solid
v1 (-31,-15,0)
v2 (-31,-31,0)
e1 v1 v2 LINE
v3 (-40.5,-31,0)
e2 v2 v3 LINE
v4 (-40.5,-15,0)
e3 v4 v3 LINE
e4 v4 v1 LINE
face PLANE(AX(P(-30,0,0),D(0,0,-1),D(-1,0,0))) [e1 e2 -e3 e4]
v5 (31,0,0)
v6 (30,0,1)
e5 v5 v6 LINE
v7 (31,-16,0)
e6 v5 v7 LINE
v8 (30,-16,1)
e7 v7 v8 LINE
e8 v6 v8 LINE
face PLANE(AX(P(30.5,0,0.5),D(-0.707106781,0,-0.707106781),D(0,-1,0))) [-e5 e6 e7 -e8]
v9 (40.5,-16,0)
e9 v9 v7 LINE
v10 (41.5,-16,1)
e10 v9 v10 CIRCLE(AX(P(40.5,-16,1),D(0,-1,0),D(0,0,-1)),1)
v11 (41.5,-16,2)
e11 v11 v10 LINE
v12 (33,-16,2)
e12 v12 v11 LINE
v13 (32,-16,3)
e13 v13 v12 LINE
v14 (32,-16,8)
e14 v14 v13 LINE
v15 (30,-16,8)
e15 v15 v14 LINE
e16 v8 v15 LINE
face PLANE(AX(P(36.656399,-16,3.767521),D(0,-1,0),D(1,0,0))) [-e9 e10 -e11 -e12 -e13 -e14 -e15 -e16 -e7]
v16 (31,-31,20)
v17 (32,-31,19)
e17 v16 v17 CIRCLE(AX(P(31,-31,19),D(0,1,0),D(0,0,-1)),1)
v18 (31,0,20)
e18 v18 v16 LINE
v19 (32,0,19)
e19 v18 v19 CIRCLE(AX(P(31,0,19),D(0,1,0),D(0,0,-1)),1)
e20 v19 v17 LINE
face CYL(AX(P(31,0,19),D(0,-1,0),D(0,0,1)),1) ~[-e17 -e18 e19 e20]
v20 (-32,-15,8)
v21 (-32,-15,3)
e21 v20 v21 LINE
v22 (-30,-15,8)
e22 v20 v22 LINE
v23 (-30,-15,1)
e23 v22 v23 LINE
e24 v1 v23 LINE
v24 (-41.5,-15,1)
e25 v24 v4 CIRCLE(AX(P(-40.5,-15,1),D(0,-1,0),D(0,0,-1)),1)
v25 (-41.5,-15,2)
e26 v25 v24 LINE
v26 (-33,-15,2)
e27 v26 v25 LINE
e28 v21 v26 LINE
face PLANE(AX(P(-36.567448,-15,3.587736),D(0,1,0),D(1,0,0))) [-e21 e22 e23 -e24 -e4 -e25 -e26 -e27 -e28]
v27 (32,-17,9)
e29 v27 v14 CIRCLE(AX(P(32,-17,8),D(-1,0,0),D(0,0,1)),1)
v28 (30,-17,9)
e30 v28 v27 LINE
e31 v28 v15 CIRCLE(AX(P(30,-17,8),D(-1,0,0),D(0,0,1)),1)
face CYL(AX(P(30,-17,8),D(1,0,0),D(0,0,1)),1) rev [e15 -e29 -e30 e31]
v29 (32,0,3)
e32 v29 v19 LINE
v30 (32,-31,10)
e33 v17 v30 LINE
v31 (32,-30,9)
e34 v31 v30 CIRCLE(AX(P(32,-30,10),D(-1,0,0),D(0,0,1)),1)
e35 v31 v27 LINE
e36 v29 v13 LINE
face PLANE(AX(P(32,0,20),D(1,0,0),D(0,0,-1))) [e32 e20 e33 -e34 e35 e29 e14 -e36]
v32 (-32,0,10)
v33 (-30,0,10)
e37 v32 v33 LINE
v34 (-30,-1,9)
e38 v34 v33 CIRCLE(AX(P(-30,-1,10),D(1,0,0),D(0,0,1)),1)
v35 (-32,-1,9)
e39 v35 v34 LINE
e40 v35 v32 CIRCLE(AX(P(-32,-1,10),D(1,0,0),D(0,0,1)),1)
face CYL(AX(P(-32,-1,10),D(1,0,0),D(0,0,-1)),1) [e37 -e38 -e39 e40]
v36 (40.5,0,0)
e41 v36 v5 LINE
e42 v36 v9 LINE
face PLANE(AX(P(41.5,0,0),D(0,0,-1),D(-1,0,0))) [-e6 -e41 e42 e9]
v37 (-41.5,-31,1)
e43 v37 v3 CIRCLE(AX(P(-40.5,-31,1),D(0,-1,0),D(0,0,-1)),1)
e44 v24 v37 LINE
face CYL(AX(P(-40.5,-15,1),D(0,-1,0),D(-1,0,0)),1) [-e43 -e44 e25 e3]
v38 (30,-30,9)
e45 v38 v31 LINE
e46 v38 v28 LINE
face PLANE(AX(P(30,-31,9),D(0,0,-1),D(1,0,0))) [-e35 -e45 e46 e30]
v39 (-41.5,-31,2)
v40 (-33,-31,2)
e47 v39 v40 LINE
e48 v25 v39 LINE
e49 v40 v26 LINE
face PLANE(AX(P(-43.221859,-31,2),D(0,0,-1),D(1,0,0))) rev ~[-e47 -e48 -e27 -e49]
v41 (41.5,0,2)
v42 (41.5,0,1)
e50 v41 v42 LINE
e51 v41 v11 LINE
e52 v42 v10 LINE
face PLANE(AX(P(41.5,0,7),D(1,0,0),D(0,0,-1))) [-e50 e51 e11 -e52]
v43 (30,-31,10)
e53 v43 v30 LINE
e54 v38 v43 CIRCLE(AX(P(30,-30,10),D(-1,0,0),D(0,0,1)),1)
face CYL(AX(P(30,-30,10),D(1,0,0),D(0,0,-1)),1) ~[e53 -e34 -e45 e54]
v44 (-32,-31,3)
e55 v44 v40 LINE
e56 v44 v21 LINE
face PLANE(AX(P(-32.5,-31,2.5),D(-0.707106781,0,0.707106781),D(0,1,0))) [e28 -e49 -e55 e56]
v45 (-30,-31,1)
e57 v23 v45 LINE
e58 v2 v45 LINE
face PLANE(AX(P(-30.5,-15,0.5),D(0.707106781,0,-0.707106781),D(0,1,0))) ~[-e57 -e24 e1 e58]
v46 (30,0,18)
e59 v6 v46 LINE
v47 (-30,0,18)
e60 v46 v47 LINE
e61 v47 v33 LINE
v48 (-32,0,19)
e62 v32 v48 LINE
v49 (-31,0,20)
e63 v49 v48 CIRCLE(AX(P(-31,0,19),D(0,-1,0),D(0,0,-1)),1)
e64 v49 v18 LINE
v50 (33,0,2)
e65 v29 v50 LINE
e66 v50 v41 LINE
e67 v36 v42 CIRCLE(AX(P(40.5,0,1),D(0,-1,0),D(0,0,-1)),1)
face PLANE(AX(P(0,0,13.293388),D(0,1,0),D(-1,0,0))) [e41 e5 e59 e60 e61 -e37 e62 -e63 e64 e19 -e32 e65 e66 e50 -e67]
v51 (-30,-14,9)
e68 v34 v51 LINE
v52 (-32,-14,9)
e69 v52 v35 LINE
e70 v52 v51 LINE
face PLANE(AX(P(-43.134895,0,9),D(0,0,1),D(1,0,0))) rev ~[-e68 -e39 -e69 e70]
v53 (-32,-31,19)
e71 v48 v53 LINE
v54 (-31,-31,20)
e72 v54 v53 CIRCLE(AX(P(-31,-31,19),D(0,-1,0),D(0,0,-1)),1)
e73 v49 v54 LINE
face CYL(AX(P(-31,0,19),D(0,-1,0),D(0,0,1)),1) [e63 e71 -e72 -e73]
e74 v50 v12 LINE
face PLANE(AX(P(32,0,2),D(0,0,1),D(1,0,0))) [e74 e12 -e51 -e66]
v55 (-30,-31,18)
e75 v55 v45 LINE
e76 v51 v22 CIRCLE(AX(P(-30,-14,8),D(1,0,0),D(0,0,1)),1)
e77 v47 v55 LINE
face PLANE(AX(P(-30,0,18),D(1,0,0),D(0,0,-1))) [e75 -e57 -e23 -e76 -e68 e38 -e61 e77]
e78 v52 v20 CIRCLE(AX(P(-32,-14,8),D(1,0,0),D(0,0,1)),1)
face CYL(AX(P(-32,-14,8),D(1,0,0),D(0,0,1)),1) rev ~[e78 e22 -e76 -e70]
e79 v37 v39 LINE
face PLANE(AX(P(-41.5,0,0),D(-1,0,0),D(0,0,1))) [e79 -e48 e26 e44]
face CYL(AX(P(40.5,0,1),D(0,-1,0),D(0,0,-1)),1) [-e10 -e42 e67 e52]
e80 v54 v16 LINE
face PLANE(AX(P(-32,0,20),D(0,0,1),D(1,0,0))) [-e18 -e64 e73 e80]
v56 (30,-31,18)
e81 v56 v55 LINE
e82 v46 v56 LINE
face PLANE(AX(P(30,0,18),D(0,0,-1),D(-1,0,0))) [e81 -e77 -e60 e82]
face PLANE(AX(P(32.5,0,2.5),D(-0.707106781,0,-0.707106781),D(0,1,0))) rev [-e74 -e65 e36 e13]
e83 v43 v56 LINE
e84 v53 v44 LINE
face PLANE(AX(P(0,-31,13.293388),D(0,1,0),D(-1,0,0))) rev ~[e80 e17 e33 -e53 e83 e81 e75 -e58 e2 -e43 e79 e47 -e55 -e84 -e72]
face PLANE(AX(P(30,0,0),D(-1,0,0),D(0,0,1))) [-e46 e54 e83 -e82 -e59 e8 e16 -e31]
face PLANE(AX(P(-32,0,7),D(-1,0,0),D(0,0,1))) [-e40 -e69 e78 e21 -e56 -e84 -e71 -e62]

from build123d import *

# Parameters (mm, degrees)
PAD_DEPTH       = 31
SKETCH001_W     = 13.134895
SKETCH001_H     = 10.824528
POCKET_DEPTH    = 15
SKETCH002_W     = 13.312798
SKETCH002_H     = 10.464958
POCKET001_DEPTH = 15
FILLET_R        = 1
FILLET001_R     = 1
FILLET002_R     = 1
FILLET003_R     = 1
FILLET004_R     = 1
FILLET005_R     = 1
FILLET006_R     = 1
CHAMFER_SIZE    = 1
FILLET007_R     = 1
FILLET008_R     = 1
FILLET009_R     = 1
CHAMFER001_SIZE = 1
SKETCH003_W     = 10.93087
SKETCH003_H     = 6.35841
POCKET002_DEPTH = 16
SKETCH004_W     = 11.221859
SKETCH004_H     = 6.266699
POCKET003_DEPTH = 17
CHAMFER002_SIZE = 1
CHAMFER003_SIZE = 1


with BuildPart() as part:
    # Sketch → Pad (new body)
    with BuildSketch(Plane.XZ):
        Polygon((-32, 20), (32, 20), (32, 7), (41.5, 7), (41.5, 0), (30, 0), (30, 18), (-30, 18), (-30, 0), (-41.5, 0), (-41.5, 7), (-32, 7), align=None)
    extrude(amount=PAD_DEPTH)

    # Sketch001 (on Face13 of Pad) → Pocket (cut)
    with BuildSketch(Plane(origin=(0, 0, 0), x_dir=(1, 0, 0), z_dir=(0, 1, 0))):
        with Locations((-36.5674475, -3.587736)):
            Rectangle(SKETCH001_W, SKETCH001_H)
    extrude(amount=-POCKET_DEPTH, mode=Mode.SUBTRACT)

    # Sketch002 (on Face5 of Pocket) → Pocket001 (cut)
    with BuildSketch(Plane.XZ.offset(31)):
        with Locations((36.656399, 3.767521)):
            Rectangle(SKETCH002_W, SKETCH002_H)
    extrude(amount=-POCKET001_DEPTH, mode=Mode.SUBTRACT)

    # Fillet
    fillet_edges = [part.edges().sort_by_distance(p)[0] for p in [
        (32, -15.5, 20),
    ]]
    fillet(fillet_edges, radius=FILLET_R)

    # Fillet001
    fillet001_edges = [part.edges().sort_by_distance(p)[0] for p in [
        (-32, -15.5, 20),
    ]]
    fillet(fillet001_edges, radius=FILLET001_R)

    # Fillet002
    fillet002_edges = [part.edges().sort_by_distance(p)[0] for p in [
        (-31, -15, 9),
    ]]
    fillet(fillet002_edges, radius=FILLET002_R)

    # Fillet003
    fillet003_edges = [part.edges().sort_by_distance(p)[0] for p in [
        (-31, 0, 9),
    ]]
    fillet(fillet003_edges, radius=FILLET003_R)

    # Fillet004
    fillet004_edges = [part.edges().sort_by_distance(p)[0] for p in [
        (31, -16, 9),
    ]]
    fillet(fillet004_edges, radius=FILLET004_R)

    # Fillet005
    fillet005_edges = [part.edges().sort_by_distance(p)[0] for p in [
        (31, -31, 9),
    ]]
    fillet(fillet005_edges, radius=FILLET005_R)

    # Fillet006
    fillet006_edges = [part.edges().sort_by_distance(p)[0] for p in [
        (41.5, -8, 7),
    ]]
    fillet(fillet006_edges, radius=FILLET006_R)

    # Chamfer
    chamfer_edges = [part.edges().sort_by_distance(p)[0] for p in [
        (30, -8, 0),
    ]]
    chamfer(chamfer_edges, length=CHAMFER_SIZE)

    # Fillet007
    fillet007_edges = [part.edges().sort_by_distance(p)[0] for p in [
        (41.5, -8, 0),
    ]]
    fillet(fillet007_edges, radius=FILLET007_R)

    # Fillet008
    fillet008_edges = [part.edges().sort_by_distance(p)[0] for p in [
        (-41.5, -23, 7),
    ]]
    fillet(fillet008_edges, radius=FILLET008_R)

    # Fillet009
    fillet009_edges = [part.edges().sort_by_distance(p)[0] for p in [
        (-41.5, -23, 0),
    ]]
    fillet(fillet009_edges, radius=FILLET009_R)

    # Chamfer001
    chamfer001_edges = [part.edges().sort_by_distance(p)[0] for p in [
        (-30, -23, 0),
    ]]
    chamfer(chamfer001_edges, length=CHAMFER001_SIZE)

    # Sketch003 (on Face21 of Chamfer001) → Pocket002 (cut)
    with BuildSketch(Plane(origin=(0, 0, 0), x_dir=(1, 0, 0), z_dir=(0, 1, 0))):
        with Locations((37.465435, -5.179205)):
            Rectangle(SKETCH003_W, SKETCH003_H)
    extrude(amount=-POCKET002_DEPTH, mode=Mode.SUBTRACT)

    # Sketch004 (on Face1 of Pocket002) → Pocket003 (cut)
    with BuildSketch(Plane.XZ.offset(31)):
        with Locations((-37.6109295, 5.1333495)):
            Rectangle(SKETCH004_W, SKETCH004_H)
    extrude(amount=-POCKET003_DEPTH, mode=Mode.SUBTRACT)

    # Chamfer002
    chamfer002_edges = [part.edges().sort_by_distance(p)[0] for p in [
        (-32, -23, 2),
    ]]
    chamfer(chamfer002_edges, length=CHAMFER002_SIZE)

    # Chamfer003
    chamfer003_edges = [part.edges().sort_by_distance(p)[0] for p in [
        (32, -8, 2),
    ]]
    chamfer(chamfer003_edges, length=CHAMFER003_SIZE)


solid = part.part
